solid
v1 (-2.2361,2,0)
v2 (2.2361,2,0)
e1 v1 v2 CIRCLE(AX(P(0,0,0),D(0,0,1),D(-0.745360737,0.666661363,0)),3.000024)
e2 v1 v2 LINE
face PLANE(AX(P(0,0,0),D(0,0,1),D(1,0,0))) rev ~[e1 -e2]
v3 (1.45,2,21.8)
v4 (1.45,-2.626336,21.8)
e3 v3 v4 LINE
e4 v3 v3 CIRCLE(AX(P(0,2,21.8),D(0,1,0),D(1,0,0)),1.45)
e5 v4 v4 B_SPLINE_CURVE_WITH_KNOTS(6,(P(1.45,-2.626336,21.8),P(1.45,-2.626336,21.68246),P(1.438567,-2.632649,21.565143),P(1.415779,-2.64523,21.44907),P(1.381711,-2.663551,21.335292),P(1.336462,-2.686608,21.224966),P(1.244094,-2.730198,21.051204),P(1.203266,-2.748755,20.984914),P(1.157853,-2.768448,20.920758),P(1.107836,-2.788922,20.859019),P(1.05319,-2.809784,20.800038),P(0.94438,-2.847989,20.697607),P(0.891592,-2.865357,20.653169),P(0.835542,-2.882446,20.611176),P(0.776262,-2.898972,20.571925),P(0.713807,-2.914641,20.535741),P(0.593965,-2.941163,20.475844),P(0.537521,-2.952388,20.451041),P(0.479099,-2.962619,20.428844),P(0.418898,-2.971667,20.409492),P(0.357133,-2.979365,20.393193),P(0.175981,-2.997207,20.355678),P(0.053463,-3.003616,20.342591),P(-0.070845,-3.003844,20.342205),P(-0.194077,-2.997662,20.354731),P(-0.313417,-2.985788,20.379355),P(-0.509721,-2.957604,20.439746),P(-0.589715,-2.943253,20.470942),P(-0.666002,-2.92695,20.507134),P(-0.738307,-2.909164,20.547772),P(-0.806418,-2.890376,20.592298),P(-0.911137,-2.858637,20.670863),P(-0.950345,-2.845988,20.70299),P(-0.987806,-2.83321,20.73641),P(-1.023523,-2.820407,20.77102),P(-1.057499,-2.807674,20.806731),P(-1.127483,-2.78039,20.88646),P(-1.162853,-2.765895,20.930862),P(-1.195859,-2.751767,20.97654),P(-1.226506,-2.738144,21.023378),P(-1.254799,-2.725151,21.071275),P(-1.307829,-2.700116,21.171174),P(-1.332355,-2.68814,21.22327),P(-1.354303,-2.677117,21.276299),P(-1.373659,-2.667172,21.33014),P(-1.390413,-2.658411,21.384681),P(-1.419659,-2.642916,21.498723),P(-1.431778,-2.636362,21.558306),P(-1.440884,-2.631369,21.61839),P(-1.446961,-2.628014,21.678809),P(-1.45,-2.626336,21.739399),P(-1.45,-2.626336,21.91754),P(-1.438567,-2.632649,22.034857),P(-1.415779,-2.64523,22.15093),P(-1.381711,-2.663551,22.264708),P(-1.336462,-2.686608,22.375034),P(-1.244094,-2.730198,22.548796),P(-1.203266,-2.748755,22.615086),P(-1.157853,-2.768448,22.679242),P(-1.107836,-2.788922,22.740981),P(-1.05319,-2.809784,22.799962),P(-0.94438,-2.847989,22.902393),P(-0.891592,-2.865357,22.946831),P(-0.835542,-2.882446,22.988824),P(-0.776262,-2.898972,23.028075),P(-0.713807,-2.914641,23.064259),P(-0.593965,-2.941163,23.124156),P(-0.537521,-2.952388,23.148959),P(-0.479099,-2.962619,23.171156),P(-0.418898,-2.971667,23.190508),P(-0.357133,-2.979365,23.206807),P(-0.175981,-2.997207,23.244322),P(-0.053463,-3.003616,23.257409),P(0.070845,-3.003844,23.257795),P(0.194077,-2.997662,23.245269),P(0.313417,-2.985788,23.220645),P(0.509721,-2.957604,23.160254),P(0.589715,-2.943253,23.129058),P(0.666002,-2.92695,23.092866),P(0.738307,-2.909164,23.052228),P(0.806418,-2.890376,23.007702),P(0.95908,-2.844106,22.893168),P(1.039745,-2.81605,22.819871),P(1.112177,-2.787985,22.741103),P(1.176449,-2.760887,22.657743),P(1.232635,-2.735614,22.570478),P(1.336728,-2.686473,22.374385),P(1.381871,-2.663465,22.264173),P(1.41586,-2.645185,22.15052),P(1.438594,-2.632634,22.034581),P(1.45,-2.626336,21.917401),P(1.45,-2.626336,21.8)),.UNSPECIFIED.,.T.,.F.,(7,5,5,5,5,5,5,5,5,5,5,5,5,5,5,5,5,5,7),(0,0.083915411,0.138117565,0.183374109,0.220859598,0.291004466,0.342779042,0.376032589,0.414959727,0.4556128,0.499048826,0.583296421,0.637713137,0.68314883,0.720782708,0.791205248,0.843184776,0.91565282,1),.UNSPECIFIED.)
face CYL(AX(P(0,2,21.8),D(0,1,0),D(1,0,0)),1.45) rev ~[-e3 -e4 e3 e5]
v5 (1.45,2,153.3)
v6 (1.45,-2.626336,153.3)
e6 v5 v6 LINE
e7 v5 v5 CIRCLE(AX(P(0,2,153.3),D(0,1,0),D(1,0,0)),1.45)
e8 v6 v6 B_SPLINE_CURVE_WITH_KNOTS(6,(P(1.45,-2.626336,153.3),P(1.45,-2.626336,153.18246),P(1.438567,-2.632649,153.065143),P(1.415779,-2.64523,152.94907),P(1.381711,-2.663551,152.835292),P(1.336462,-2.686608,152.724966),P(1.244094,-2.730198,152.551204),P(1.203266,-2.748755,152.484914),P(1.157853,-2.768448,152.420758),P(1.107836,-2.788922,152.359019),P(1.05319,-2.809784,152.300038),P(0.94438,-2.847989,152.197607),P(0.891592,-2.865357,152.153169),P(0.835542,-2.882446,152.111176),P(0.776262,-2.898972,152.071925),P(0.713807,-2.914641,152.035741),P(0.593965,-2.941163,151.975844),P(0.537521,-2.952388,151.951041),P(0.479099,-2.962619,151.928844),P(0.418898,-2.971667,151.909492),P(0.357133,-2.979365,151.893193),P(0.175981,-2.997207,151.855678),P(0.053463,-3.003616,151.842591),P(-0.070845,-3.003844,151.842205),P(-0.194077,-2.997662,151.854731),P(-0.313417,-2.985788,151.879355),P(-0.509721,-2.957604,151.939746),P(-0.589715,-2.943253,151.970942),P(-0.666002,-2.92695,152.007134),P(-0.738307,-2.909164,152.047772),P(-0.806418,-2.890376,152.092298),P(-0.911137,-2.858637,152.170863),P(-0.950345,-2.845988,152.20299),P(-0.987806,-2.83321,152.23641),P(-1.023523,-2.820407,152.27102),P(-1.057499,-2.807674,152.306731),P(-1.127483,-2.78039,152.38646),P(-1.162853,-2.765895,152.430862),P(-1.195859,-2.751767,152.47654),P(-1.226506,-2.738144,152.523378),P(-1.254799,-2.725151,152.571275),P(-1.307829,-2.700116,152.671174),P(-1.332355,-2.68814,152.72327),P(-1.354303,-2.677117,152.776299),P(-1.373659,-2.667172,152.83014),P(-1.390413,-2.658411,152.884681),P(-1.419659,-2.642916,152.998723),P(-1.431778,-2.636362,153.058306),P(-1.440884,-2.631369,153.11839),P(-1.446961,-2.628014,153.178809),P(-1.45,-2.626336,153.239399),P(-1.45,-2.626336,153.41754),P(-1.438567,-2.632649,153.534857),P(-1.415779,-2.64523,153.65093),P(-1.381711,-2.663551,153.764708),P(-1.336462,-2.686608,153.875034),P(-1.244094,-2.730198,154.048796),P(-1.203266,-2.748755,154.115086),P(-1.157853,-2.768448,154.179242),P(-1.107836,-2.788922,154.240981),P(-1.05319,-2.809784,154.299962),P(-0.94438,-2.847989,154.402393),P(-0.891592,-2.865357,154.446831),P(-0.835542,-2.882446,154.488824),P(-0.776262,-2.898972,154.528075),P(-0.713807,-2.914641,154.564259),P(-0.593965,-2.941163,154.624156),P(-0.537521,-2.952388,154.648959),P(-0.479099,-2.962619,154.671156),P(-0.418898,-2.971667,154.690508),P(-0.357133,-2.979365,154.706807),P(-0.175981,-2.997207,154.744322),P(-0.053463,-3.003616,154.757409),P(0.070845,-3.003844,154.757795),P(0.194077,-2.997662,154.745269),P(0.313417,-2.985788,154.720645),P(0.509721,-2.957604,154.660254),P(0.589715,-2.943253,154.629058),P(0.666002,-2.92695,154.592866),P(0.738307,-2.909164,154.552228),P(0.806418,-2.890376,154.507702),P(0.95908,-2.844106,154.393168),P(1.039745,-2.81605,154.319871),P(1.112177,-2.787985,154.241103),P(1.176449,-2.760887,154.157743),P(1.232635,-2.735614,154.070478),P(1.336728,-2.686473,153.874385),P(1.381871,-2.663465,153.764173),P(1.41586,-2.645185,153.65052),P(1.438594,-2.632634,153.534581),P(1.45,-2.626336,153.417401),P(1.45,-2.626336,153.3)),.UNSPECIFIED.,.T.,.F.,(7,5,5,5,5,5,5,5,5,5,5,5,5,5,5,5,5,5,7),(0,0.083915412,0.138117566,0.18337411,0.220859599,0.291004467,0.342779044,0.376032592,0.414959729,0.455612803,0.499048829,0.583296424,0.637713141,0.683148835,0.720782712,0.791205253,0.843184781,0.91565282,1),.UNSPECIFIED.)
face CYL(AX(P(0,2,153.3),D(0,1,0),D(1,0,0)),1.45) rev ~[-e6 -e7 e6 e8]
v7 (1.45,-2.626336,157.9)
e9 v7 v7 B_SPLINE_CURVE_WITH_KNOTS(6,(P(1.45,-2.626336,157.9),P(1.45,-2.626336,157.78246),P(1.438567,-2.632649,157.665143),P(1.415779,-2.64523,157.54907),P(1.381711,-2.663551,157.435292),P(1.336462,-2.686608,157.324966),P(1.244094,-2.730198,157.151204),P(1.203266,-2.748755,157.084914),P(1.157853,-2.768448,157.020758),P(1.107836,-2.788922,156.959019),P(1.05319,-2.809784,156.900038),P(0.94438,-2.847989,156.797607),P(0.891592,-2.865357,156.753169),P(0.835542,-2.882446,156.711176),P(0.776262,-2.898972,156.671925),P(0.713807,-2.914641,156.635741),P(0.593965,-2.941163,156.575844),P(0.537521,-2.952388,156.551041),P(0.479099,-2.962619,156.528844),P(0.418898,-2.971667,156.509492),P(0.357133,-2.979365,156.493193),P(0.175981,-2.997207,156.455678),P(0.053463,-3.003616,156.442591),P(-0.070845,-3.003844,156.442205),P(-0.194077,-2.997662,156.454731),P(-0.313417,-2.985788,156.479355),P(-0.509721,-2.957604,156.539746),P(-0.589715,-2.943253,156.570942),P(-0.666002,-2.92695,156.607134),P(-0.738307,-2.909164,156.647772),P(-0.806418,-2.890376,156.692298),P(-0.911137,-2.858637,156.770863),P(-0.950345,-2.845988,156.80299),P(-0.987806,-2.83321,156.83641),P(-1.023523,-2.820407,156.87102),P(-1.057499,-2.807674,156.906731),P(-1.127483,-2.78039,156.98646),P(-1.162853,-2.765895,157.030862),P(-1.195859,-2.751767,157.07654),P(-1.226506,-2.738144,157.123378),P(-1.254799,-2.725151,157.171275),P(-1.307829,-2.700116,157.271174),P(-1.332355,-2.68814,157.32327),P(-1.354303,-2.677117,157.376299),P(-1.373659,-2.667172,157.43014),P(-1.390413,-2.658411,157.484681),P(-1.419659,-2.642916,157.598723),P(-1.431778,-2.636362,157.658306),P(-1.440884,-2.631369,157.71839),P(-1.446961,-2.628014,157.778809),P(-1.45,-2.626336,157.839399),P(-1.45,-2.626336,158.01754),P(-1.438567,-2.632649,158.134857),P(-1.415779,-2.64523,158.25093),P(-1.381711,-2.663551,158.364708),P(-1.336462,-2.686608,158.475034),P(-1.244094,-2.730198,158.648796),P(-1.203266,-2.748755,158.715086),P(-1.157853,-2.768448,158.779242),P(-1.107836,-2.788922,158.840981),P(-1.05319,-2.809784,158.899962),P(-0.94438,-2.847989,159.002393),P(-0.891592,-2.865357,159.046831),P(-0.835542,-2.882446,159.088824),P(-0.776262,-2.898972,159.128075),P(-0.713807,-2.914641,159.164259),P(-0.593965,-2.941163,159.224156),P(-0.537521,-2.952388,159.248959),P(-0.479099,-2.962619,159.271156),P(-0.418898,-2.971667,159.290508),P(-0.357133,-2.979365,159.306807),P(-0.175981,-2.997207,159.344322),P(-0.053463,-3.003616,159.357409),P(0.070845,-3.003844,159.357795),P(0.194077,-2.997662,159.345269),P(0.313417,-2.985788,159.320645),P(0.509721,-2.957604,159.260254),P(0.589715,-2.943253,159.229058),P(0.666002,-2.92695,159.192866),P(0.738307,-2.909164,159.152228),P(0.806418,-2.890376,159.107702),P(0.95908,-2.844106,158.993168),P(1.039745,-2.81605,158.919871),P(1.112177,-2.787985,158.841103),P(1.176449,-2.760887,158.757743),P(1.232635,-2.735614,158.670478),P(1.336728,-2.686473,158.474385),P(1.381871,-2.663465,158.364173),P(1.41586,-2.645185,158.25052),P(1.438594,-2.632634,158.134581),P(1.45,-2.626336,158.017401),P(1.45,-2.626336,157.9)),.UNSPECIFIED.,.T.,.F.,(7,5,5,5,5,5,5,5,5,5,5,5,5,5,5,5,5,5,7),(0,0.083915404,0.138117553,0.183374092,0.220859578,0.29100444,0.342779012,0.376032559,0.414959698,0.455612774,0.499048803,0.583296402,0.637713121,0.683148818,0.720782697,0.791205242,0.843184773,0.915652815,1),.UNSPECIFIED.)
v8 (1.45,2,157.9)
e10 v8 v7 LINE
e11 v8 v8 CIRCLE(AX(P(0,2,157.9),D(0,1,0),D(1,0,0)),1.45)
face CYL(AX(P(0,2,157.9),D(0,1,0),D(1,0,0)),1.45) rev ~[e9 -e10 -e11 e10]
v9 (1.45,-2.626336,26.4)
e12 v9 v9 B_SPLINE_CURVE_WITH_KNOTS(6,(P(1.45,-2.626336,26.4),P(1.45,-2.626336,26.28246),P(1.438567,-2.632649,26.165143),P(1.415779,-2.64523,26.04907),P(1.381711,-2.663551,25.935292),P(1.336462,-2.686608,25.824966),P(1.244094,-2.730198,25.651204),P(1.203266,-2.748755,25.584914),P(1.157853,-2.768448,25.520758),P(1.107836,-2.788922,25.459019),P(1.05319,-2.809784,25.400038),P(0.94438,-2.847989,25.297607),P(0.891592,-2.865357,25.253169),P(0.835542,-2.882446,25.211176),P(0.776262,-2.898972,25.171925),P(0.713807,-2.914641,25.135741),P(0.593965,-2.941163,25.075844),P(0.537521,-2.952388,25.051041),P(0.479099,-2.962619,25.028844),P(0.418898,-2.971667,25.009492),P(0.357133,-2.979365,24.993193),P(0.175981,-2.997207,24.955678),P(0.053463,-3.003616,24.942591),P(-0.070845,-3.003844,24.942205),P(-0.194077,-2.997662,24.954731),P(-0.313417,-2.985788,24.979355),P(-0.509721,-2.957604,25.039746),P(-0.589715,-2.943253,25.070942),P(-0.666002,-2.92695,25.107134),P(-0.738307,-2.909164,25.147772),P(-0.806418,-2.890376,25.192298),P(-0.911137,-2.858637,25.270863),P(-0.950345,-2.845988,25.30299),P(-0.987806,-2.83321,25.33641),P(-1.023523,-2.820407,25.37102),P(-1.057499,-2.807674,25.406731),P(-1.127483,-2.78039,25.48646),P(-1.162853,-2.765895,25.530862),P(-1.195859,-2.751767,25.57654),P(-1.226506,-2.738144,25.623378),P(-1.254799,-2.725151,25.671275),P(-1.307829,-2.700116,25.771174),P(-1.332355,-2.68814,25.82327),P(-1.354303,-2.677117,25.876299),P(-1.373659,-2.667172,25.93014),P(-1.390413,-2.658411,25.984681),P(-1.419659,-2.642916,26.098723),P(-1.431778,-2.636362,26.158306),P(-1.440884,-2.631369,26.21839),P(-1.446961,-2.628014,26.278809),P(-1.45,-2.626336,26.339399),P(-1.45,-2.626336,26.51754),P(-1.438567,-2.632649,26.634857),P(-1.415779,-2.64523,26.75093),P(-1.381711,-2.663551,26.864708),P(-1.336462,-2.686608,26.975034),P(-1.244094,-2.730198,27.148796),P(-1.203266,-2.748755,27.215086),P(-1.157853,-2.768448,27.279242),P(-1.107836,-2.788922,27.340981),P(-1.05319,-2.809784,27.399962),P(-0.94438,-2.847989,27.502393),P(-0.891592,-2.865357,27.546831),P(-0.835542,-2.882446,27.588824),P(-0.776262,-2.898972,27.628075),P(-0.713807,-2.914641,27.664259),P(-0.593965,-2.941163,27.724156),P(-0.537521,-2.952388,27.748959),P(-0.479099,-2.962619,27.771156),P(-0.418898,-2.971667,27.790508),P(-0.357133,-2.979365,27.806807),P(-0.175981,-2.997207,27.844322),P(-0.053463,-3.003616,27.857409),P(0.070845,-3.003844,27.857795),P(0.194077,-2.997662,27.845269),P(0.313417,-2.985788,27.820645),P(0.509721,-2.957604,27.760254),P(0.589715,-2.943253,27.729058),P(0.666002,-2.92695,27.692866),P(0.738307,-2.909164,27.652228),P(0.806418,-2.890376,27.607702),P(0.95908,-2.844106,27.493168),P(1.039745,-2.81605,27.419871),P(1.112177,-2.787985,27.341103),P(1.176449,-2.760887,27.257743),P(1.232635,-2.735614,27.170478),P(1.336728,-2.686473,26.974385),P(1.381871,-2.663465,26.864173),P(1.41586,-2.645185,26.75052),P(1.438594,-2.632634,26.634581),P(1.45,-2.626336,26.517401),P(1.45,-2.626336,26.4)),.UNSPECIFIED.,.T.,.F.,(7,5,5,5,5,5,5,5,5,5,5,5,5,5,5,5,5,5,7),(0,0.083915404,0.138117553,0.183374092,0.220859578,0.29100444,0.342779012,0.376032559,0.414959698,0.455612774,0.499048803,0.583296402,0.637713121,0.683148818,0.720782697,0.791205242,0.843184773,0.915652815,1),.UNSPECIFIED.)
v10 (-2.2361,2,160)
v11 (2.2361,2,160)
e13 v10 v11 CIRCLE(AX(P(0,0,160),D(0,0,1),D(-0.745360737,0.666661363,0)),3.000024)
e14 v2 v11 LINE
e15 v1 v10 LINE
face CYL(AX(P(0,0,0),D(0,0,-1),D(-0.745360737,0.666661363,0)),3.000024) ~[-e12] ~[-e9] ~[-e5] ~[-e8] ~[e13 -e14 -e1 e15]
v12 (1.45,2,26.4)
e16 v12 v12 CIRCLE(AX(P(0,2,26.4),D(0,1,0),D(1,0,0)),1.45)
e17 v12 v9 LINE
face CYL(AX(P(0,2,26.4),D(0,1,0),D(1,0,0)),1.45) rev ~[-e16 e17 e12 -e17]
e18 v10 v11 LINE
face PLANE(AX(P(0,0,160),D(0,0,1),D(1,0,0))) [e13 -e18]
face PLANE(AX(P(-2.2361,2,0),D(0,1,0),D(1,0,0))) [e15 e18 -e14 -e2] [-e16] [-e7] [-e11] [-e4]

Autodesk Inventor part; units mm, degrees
ref_plane "YZ Plane" through (0, 0, 0) normal (1, 0, 0) x (0, 1, 0)
ref_plane "XZ Plane" through (0, 0, 0) normal (0, 1, 0) x (-1, 0, 0)
ref_plane "XY Plane" through (0, 0, 0) normal (0, 0, 1) x (1, 0, 0)
sketch "Sketch1" plane through (0, 0, 0) normal (0, 0, 1) x (1, 0, 0)
  circle A0 centre (0, 0) radius 3 construction
  line L0 (-2.2361, 2) -> (2.2361, 2)
  arc A1 (-2.2361, 2) -> (2.2361, 2) centre (0, 0) ccw
  dimension "d0" = 6
  dimension "d1" = 2
extrude "Extrusion1" add sketch "Sketch1" along normal blind 160
sketch "Sketch2" plane through (-2.2361, 2, 0) normal (0, 1, 0) x (1, 0, 0)
  circle A0 centre (2.2361, -157.9) radius 1.45
  line L0 (4.4721, -160) -> (0, -160) projected
  circle A1 centre (2.2361, -21.8) radius 1.45
  line L1 (0, 0) -> (4.4721, 0) projected
  circle A2 centre (2.2361, -26.4) radius 1.45
  circle A3 centre (2.2361, -153.3) radius 1.45
  point P0 (2.2361, 0)
  point P1 (2.2361, -160)
  point P2 (2.2361, 0)
  dimension "d4" = 2.9
  dimension "d5" = 2.1
  dimension "d8" = 2.9
  dimension "d9" = 21.8
  dimension "d10" = 2.9
  dimension "d11" = 4.6
  dimension "d12" = 2.9
  dimension "d13" = 4.6
extrude "Extrusion2" cut sketch "Sketch2" against normal through all
thread "Thread1" size "M3x0.5" class "6H" standard "ANSI Metric M Profile" full length
thread "Thread2" size "M3x0.5" class "6H" standard "ANSI Metric M Profile" full length
thread "Thread3" size "M3x0.5" class "6H" standard "ANSI Metric M Profile" full length
thread "Thread4" size "M3x0.5" class "6H" standard "ANSI Metric M Profile" full length
properties part number "6mm x 160mm D Shaft" material "Stainless Steel"
